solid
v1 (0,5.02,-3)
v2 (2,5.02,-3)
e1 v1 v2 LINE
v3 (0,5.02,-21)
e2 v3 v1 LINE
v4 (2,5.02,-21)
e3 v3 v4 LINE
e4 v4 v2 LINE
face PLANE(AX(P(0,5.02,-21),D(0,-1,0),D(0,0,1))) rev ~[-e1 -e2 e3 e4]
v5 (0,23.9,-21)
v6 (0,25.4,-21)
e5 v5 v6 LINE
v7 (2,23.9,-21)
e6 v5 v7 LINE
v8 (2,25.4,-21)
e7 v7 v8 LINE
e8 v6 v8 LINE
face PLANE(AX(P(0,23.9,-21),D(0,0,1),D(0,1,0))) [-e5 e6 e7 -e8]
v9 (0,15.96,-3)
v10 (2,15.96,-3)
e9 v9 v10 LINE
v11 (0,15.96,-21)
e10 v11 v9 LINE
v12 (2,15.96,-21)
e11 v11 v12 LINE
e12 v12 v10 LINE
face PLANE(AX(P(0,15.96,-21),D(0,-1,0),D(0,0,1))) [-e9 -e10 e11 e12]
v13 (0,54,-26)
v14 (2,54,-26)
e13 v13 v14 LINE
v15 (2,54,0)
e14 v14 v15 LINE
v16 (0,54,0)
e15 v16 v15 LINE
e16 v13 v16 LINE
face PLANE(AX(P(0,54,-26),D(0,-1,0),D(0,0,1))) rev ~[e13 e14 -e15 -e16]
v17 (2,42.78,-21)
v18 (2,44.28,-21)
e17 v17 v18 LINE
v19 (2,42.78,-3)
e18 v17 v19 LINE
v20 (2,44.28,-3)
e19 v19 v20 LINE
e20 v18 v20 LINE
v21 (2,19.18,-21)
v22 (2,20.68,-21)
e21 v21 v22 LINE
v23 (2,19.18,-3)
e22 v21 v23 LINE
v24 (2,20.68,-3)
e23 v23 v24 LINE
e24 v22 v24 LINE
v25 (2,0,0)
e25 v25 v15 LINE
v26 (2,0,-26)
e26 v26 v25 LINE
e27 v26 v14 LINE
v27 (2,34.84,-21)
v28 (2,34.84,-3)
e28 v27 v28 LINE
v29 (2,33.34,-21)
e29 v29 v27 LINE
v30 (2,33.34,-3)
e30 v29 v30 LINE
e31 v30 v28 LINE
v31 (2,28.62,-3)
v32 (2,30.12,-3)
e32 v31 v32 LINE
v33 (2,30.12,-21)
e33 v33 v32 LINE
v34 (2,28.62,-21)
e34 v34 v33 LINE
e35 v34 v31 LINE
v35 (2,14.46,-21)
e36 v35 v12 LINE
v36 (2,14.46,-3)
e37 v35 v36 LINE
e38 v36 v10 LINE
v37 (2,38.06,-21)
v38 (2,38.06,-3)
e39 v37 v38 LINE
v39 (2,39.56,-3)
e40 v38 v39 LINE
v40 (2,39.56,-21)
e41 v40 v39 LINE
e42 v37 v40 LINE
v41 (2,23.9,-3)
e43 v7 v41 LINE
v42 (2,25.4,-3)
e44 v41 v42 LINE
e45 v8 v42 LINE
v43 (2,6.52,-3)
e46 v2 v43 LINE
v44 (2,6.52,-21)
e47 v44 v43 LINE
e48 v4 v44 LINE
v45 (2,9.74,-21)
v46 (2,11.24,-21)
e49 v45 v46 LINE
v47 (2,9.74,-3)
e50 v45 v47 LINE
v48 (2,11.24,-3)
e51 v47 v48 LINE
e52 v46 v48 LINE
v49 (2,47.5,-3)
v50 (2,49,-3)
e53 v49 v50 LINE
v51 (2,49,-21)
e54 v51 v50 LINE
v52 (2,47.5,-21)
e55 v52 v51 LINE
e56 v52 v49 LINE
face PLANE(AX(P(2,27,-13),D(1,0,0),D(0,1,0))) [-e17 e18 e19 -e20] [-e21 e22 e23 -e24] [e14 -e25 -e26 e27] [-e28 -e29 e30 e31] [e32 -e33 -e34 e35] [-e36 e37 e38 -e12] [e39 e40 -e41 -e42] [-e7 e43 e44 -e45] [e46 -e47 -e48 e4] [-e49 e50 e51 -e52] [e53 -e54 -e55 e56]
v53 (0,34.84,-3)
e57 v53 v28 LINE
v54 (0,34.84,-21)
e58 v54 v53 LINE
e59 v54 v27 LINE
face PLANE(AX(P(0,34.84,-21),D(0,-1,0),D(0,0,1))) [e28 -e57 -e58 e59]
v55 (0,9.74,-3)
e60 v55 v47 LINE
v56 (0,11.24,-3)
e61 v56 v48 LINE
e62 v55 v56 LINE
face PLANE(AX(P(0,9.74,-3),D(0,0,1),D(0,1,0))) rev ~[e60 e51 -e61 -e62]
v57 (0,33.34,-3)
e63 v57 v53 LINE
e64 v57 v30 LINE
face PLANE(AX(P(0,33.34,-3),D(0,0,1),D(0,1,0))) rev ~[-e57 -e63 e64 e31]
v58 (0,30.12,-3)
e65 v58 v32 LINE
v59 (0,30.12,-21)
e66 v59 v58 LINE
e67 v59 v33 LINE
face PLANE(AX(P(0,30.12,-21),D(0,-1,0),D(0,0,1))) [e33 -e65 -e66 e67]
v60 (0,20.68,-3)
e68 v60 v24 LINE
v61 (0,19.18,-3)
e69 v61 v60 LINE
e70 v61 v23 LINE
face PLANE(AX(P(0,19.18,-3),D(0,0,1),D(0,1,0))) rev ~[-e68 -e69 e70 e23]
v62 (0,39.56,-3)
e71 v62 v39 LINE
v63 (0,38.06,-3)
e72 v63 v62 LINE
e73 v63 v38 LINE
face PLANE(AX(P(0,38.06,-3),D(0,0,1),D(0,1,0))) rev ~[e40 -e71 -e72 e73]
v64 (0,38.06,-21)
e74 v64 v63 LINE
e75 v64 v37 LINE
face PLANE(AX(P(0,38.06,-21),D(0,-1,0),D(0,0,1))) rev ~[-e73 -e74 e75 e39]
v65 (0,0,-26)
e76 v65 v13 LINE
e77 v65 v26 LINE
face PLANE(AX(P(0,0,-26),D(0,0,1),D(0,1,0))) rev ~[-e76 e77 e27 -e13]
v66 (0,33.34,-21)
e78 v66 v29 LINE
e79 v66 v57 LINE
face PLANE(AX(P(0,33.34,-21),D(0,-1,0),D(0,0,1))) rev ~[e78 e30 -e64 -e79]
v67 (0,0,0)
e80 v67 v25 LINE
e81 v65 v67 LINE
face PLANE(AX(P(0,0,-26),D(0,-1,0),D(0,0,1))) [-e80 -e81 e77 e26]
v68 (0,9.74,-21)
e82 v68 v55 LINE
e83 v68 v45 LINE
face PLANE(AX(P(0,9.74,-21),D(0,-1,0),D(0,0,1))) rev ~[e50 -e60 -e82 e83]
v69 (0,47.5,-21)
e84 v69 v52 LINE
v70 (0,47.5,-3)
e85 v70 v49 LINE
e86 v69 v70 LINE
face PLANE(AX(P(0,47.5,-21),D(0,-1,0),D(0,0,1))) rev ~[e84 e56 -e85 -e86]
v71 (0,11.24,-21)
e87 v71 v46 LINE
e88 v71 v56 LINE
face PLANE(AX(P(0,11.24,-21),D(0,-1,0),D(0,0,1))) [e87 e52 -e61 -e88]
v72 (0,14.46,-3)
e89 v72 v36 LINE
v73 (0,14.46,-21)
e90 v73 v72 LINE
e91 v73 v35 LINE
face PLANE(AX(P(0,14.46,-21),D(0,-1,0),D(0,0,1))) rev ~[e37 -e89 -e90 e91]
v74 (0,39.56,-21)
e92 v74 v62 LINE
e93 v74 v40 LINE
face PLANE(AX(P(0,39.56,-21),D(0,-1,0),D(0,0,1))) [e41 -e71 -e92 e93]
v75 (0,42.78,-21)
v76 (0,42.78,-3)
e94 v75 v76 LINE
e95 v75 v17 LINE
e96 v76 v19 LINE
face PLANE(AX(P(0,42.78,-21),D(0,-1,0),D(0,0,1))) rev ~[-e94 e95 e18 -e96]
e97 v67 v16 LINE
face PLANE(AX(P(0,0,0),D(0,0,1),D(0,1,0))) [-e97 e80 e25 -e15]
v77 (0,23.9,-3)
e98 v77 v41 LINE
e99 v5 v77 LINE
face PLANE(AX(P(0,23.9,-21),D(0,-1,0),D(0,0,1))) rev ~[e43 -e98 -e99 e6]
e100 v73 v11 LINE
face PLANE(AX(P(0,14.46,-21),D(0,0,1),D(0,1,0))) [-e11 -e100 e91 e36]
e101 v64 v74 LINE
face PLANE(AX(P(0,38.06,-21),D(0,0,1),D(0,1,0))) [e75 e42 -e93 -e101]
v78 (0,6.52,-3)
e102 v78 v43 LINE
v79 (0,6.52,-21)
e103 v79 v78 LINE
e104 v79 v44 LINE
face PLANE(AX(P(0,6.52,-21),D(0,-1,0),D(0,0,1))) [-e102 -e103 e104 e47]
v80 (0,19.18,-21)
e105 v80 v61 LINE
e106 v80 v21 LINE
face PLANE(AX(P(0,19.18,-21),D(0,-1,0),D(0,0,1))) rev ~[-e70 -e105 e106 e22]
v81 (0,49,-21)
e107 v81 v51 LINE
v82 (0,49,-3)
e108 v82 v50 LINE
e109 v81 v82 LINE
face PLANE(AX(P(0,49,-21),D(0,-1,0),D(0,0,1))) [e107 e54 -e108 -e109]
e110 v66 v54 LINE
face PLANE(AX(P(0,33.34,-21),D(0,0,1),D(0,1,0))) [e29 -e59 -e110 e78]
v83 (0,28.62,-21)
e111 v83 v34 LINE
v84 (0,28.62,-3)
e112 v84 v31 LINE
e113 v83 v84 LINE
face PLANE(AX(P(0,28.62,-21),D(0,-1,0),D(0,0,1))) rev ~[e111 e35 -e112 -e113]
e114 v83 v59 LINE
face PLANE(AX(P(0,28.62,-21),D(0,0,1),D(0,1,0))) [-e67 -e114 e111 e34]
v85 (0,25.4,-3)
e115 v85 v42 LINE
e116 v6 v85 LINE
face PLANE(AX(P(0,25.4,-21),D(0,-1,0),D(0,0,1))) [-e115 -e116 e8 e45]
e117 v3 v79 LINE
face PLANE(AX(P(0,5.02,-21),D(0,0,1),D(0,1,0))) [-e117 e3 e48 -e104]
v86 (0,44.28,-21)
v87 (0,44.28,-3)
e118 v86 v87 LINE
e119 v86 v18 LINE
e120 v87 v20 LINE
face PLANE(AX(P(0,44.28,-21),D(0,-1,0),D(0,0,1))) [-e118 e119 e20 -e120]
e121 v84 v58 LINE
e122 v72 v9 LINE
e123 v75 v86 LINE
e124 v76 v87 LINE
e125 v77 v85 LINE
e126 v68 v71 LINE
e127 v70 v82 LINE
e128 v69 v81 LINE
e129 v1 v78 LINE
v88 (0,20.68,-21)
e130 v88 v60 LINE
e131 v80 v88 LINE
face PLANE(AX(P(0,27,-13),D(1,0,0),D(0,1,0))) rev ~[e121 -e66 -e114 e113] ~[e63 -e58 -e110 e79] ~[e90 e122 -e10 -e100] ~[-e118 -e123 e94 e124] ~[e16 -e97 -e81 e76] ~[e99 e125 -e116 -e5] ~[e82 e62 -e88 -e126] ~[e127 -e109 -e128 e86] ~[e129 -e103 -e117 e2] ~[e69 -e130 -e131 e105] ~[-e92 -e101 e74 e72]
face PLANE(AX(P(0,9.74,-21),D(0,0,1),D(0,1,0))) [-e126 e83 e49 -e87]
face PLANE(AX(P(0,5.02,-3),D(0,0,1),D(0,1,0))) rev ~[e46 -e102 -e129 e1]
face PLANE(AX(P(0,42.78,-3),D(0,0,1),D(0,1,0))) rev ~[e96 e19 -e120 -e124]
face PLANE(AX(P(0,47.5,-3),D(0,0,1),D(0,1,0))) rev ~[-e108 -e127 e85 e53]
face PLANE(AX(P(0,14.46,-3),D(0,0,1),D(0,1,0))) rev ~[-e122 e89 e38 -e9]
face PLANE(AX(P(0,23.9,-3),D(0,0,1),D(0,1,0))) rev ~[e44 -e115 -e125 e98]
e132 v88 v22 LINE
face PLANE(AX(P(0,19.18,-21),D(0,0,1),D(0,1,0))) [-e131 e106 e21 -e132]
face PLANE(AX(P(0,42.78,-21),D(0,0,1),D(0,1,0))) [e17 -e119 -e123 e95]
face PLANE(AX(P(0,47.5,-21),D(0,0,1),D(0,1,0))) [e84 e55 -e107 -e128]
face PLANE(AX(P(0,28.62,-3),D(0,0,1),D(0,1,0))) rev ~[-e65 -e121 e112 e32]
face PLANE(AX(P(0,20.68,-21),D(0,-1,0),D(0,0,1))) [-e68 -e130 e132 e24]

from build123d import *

# Parameters (mm, degrees)
F0_W     = 54
F0_H     = 26
F0_W_2   = 1.5
F0_H_2   = 18
F1_DEPTH = 2


with BuildPart() as f1:
    # F0 (on Right) → F1 (new body)
    with BuildSketch(Plane.YZ):
        with Locations((27, -13)):
            Rectangle(F0_W, F0_H)
        with Locations((5.77, -12)):
            Rectangle(F0_W_2, F0_H_2, mode=Mode.SUBTRACT)
        with Locations((10.49, -12)):
            Rectangle(F0_W_2, F0_H_2, mode=Mode.SUBTRACT)
        with Locations((15.21, -12)):
            Rectangle(F0_W_2, F0_H_2, mode=Mode.SUBTRACT)
        with Locations((19.93, -12)):
            Rectangle(F0_W_2, F0_H_2, mode=Mode.SUBTRACT)
        with Locations((24.65, -12)):
            Rectangle(F0_W_2, F0_H_2, mode=Mode.SUBTRACT)
        with Locations((29.37, -12)):
            Rectangle(F0_W_2, F0_H_2, mode=Mode.SUBTRACT)
        with Locations((34.09, -12)):
            Rectangle(F0_W_2, F0_H_2, mode=Mode.SUBTRACT)
        with Locations((38.81, -12)):
            Rectangle(F0_W_2, F0_H_2, mode=Mode.SUBTRACT)
        with Locations((43.53, -12)):
            Rectangle(F0_W_2, F0_H_2, mode=Mode.SUBTRACT)
        with Locations((48.25, -12)):
            Rectangle(F0_W_2, F0_H_2, mode=Mode.SUBTRACT)
    extrude(amount=F1_DEPTH)


solid = f1.part
